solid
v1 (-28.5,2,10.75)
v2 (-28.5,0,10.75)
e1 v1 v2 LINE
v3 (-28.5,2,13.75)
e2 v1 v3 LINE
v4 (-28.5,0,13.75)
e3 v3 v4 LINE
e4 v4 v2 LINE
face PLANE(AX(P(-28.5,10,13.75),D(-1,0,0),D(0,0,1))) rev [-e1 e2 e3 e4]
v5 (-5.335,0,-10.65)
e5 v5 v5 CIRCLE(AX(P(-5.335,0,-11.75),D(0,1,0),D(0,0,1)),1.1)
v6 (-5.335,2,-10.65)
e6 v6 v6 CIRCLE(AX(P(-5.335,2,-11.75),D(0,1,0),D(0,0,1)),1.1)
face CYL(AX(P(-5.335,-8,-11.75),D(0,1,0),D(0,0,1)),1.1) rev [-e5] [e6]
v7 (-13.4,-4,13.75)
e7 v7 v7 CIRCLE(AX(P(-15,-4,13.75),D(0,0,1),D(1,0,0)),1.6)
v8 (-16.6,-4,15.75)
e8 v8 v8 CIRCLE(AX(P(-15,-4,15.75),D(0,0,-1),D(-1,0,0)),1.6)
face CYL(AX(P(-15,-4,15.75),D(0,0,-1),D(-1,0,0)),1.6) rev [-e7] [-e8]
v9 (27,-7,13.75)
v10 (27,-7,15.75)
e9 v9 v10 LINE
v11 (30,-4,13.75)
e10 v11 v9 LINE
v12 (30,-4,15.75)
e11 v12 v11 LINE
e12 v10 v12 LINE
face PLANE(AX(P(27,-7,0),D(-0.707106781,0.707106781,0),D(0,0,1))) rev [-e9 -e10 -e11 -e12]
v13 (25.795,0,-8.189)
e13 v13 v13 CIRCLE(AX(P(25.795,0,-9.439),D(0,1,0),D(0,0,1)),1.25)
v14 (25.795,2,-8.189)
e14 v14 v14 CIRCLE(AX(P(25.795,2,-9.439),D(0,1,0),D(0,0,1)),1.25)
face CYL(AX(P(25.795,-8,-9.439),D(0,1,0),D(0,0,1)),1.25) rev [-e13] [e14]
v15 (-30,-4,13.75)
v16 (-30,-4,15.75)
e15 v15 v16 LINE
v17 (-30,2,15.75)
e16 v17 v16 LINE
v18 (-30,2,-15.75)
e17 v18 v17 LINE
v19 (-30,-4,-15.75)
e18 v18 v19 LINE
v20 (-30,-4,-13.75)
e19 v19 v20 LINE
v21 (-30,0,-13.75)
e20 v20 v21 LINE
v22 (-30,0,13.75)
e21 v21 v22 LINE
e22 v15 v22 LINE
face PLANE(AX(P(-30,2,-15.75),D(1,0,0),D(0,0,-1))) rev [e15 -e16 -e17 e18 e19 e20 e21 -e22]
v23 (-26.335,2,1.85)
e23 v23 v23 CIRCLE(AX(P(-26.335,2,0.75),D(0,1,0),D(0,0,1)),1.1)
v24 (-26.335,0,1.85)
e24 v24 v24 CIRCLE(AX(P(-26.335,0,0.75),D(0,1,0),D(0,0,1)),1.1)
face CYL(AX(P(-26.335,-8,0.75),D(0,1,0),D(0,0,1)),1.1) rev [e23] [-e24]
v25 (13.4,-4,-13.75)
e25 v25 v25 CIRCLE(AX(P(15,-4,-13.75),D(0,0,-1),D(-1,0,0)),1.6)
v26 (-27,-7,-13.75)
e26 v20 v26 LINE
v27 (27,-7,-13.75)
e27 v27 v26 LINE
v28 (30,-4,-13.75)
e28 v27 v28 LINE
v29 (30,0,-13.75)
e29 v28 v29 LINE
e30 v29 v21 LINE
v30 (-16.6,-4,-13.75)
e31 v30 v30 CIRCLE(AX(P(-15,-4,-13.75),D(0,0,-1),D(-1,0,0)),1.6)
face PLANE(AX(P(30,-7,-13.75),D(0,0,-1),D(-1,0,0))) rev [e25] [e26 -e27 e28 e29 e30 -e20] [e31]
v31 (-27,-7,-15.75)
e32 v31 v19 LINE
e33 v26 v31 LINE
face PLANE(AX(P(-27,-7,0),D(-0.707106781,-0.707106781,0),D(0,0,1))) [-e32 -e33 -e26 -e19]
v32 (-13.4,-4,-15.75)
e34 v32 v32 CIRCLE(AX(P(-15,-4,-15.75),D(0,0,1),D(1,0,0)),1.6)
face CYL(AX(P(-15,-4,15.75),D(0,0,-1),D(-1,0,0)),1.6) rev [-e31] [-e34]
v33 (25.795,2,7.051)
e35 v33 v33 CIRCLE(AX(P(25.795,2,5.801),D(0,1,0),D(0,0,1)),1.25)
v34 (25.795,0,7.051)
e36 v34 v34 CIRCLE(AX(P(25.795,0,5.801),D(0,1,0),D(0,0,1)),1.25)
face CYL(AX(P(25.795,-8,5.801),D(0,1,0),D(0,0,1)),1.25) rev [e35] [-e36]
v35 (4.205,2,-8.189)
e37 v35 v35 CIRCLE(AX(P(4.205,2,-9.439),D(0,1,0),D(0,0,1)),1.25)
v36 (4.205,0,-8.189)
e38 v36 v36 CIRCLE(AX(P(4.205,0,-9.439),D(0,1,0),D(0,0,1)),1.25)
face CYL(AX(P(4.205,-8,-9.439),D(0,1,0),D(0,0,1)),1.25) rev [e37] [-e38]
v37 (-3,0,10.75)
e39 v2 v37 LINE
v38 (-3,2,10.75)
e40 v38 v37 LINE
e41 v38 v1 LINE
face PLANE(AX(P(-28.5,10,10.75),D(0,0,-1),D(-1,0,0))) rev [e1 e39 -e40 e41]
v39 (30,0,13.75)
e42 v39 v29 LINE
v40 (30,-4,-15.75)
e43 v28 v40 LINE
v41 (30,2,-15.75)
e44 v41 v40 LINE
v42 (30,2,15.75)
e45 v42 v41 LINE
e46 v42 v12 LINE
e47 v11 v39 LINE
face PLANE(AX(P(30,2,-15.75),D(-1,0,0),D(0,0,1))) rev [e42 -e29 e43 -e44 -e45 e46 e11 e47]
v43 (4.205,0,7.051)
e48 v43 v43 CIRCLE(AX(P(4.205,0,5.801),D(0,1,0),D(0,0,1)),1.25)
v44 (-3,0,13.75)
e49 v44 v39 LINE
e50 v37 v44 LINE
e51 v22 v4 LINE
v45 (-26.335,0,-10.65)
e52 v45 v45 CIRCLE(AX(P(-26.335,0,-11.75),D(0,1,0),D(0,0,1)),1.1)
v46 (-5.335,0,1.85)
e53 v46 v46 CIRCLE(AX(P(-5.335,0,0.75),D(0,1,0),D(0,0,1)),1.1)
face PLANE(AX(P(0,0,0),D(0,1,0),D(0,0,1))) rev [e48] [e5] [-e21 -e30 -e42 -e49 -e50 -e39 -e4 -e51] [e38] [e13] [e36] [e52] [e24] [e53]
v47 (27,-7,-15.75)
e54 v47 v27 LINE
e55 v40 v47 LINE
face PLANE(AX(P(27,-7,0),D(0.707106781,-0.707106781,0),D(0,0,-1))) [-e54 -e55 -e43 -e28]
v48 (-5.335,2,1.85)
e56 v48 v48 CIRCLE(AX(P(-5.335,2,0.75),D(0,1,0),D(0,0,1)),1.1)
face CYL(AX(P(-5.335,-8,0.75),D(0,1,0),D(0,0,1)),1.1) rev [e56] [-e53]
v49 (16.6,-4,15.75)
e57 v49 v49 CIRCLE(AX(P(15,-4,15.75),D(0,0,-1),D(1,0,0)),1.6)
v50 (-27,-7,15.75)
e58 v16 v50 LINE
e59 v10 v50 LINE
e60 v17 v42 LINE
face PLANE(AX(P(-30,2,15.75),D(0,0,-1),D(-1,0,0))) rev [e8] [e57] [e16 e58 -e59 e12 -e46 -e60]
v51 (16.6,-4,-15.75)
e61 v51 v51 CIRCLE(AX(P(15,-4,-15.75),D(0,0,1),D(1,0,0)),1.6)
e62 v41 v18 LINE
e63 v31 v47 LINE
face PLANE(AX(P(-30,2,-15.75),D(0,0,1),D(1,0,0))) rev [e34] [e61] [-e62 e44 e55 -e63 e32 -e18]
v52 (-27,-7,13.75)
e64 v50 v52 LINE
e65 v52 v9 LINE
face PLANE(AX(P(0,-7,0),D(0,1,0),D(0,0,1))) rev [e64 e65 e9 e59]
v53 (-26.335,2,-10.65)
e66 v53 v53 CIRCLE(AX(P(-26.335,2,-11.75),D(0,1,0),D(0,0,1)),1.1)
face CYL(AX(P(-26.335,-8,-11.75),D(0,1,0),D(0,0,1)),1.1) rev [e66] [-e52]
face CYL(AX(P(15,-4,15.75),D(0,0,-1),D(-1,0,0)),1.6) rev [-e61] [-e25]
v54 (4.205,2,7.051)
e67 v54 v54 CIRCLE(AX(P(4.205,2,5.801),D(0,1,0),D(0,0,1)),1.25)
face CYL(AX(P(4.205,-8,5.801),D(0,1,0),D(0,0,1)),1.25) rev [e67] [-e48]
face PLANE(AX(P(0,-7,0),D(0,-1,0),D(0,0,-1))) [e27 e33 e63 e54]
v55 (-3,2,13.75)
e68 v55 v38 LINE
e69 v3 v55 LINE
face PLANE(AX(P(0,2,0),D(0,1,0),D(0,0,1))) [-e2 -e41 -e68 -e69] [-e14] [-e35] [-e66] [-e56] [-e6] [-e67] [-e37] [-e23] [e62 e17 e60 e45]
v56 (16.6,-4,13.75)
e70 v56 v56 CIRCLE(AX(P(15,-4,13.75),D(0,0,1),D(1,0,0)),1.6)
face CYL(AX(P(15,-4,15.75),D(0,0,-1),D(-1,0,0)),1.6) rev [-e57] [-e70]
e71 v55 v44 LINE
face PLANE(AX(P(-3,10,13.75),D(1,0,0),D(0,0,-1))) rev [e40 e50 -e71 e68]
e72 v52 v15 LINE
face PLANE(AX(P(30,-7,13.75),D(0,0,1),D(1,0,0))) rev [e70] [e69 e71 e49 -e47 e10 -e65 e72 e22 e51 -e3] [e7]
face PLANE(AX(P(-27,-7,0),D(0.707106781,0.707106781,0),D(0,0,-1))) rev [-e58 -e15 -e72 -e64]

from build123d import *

# Parameters (mm, degrees)
SKETCH1_W               = 60
SKETCH1_H               = 31.5
BOSS_EXTRUDE1_DEPTH     = 2
SKETCH2_W               = 60
SKETCH2_H               = 2
BOSS_EXTRUDE2_DEPTH     = 7
CUT_EXTRUDE1_DEPTH      = 45.0596187
CUT_EXTRUDE1_DEPTH_BACK = 45.0596187
SKETCH3_R               = 1.6
CHAMFER1_SIZE           = 3
CHAMFER3_SIZE           = 3
SKETCH4_R               = 1.25
SKETCH4_R_2             = 1.1
CUT_EXTRUDE2_DEPTH      = 10
SKETCH5_W               = 25.5
SKETCH5_H               = 3
CUT_EXTRUDE3_DEPTH      = 10


with BuildPart() as part:
    # Sketch1 → Boss-Extrude1 (new body)
    with BuildSketch(Plane(origin=(0, 0, 0), x_dir=(1, 0, 0), z_dir=(0, 1, 0))):
        Rectangle(SKETCH1_W, SKETCH1_H)
    extrude(amount=BOSS_EXTRUDE1_DEPTH)

    # Sketch2 → Boss-Extrude2 (add)
    with BuildSketch(Plane.XZ):
        with Locations((0, -14.75)):
            Rectangle(SKETCH2_W, SKETCH2_H)
        with Locations((0, 14.75)):
            Rectangle(SKETCH2_W, SKETCH2_H)
    extrude(amount=BOSS_EXTRUDE2_DEPTH)

    # Sketch3 → Cut-Extrude1 (cut, two sides: drawn at the far end of the back side and taken through both)
    with BuildSketch(Plane(origin=(0, 0, -15.75), x_dir=(-1, 0, 0), z_dir=(0, 0, -1)).offset(-CUT_EXTRUDE1_DEPTH_BACK)):
        with Locations((15, -4)):
            Circle(SKETCH3_R)
        with Locations(Location((-15, -4, 0), (0, 0, 180))):
            Circle(SKETCH3_R)
    extrude(amount=CUT_EXTRUDE1_DEPTH + CUT_EXTRUDE1_DEPTH_BACK, mode=Mode.SUBTRACT)

    # Chamfer1
    chamfer1_edges = [part.edges().sort_by_distance(p)[0] for p in [
        (30, -7, -14.75),
        (-30, -7, -14.75),
    ]]
    chamfer(chamfer1_edges, length=CHAMFER1_SIZE)

    # Chamfer3
    chamfer3_edges = [part.edges().sort_by_distance(p)[0] for p in [
        (30, -7, 14.75),
        (-30, -7, 14.75),
    ]]
    chamfer(chamfer3_edges, length=CHAMFER3_SIZE)

    # Sketch4 → Cut-Extrude2 (cut)
    with BuildSketch(Plane(origin=(0, 2, 0), x_dir=(1, 0, 0), z_dir=(0, 1, 0))):
        with Locations(Location((25.795, -5.801, 0), (0, 0, 270))):
            Circle(SKETCH4_R)
        with Locations(Location((4.205, -5.801, 0), (0, 0, 270))):
            Circle(SKETCH4_R)
        with Locations(Location((25.795, 9.439, 0), (0, 0, 270))):
            Circle(SKETCH4_R)
        with Locations(Location((4.205, 9.439, 0), (0, 0, 270))):
            Circle(SKETCH4_R)
        with Locations(Location((-26.335, -0.75, 0), (0, 0, 270))):
            Circle(SKETCH4_R_2)
        with Locations(Location((-26.335, 11.75, 0), (0, 0, 270))):
            Circle(SKETCH4_R_2)
        with Locations(Location((-5.335, -0.75, 0), (0, 0, 270))):
            Circle(SKETCH4_R_2)
        with Locations(Location((-5.335, 11.75, 0), (0, 0, 270))):
            Circle(SKETCH4_R_2)
    extrude(amount=-CUT_EXTRUDE2_DEPTH, mode=Mode.SUBTRACT)

    # Sketch5 → Cut-Extrude3 (cut)
    with BuildSketch(Plane.XZ):
        with Locations((-15.75, 12.25)):
            Rectangle(SKETCH5_W, SKETCH5_H)
    extrude(amount=-CUT_EXTRUDE3_DEPTH, mode=Mode.SUBTRACT)


solid = part.part
